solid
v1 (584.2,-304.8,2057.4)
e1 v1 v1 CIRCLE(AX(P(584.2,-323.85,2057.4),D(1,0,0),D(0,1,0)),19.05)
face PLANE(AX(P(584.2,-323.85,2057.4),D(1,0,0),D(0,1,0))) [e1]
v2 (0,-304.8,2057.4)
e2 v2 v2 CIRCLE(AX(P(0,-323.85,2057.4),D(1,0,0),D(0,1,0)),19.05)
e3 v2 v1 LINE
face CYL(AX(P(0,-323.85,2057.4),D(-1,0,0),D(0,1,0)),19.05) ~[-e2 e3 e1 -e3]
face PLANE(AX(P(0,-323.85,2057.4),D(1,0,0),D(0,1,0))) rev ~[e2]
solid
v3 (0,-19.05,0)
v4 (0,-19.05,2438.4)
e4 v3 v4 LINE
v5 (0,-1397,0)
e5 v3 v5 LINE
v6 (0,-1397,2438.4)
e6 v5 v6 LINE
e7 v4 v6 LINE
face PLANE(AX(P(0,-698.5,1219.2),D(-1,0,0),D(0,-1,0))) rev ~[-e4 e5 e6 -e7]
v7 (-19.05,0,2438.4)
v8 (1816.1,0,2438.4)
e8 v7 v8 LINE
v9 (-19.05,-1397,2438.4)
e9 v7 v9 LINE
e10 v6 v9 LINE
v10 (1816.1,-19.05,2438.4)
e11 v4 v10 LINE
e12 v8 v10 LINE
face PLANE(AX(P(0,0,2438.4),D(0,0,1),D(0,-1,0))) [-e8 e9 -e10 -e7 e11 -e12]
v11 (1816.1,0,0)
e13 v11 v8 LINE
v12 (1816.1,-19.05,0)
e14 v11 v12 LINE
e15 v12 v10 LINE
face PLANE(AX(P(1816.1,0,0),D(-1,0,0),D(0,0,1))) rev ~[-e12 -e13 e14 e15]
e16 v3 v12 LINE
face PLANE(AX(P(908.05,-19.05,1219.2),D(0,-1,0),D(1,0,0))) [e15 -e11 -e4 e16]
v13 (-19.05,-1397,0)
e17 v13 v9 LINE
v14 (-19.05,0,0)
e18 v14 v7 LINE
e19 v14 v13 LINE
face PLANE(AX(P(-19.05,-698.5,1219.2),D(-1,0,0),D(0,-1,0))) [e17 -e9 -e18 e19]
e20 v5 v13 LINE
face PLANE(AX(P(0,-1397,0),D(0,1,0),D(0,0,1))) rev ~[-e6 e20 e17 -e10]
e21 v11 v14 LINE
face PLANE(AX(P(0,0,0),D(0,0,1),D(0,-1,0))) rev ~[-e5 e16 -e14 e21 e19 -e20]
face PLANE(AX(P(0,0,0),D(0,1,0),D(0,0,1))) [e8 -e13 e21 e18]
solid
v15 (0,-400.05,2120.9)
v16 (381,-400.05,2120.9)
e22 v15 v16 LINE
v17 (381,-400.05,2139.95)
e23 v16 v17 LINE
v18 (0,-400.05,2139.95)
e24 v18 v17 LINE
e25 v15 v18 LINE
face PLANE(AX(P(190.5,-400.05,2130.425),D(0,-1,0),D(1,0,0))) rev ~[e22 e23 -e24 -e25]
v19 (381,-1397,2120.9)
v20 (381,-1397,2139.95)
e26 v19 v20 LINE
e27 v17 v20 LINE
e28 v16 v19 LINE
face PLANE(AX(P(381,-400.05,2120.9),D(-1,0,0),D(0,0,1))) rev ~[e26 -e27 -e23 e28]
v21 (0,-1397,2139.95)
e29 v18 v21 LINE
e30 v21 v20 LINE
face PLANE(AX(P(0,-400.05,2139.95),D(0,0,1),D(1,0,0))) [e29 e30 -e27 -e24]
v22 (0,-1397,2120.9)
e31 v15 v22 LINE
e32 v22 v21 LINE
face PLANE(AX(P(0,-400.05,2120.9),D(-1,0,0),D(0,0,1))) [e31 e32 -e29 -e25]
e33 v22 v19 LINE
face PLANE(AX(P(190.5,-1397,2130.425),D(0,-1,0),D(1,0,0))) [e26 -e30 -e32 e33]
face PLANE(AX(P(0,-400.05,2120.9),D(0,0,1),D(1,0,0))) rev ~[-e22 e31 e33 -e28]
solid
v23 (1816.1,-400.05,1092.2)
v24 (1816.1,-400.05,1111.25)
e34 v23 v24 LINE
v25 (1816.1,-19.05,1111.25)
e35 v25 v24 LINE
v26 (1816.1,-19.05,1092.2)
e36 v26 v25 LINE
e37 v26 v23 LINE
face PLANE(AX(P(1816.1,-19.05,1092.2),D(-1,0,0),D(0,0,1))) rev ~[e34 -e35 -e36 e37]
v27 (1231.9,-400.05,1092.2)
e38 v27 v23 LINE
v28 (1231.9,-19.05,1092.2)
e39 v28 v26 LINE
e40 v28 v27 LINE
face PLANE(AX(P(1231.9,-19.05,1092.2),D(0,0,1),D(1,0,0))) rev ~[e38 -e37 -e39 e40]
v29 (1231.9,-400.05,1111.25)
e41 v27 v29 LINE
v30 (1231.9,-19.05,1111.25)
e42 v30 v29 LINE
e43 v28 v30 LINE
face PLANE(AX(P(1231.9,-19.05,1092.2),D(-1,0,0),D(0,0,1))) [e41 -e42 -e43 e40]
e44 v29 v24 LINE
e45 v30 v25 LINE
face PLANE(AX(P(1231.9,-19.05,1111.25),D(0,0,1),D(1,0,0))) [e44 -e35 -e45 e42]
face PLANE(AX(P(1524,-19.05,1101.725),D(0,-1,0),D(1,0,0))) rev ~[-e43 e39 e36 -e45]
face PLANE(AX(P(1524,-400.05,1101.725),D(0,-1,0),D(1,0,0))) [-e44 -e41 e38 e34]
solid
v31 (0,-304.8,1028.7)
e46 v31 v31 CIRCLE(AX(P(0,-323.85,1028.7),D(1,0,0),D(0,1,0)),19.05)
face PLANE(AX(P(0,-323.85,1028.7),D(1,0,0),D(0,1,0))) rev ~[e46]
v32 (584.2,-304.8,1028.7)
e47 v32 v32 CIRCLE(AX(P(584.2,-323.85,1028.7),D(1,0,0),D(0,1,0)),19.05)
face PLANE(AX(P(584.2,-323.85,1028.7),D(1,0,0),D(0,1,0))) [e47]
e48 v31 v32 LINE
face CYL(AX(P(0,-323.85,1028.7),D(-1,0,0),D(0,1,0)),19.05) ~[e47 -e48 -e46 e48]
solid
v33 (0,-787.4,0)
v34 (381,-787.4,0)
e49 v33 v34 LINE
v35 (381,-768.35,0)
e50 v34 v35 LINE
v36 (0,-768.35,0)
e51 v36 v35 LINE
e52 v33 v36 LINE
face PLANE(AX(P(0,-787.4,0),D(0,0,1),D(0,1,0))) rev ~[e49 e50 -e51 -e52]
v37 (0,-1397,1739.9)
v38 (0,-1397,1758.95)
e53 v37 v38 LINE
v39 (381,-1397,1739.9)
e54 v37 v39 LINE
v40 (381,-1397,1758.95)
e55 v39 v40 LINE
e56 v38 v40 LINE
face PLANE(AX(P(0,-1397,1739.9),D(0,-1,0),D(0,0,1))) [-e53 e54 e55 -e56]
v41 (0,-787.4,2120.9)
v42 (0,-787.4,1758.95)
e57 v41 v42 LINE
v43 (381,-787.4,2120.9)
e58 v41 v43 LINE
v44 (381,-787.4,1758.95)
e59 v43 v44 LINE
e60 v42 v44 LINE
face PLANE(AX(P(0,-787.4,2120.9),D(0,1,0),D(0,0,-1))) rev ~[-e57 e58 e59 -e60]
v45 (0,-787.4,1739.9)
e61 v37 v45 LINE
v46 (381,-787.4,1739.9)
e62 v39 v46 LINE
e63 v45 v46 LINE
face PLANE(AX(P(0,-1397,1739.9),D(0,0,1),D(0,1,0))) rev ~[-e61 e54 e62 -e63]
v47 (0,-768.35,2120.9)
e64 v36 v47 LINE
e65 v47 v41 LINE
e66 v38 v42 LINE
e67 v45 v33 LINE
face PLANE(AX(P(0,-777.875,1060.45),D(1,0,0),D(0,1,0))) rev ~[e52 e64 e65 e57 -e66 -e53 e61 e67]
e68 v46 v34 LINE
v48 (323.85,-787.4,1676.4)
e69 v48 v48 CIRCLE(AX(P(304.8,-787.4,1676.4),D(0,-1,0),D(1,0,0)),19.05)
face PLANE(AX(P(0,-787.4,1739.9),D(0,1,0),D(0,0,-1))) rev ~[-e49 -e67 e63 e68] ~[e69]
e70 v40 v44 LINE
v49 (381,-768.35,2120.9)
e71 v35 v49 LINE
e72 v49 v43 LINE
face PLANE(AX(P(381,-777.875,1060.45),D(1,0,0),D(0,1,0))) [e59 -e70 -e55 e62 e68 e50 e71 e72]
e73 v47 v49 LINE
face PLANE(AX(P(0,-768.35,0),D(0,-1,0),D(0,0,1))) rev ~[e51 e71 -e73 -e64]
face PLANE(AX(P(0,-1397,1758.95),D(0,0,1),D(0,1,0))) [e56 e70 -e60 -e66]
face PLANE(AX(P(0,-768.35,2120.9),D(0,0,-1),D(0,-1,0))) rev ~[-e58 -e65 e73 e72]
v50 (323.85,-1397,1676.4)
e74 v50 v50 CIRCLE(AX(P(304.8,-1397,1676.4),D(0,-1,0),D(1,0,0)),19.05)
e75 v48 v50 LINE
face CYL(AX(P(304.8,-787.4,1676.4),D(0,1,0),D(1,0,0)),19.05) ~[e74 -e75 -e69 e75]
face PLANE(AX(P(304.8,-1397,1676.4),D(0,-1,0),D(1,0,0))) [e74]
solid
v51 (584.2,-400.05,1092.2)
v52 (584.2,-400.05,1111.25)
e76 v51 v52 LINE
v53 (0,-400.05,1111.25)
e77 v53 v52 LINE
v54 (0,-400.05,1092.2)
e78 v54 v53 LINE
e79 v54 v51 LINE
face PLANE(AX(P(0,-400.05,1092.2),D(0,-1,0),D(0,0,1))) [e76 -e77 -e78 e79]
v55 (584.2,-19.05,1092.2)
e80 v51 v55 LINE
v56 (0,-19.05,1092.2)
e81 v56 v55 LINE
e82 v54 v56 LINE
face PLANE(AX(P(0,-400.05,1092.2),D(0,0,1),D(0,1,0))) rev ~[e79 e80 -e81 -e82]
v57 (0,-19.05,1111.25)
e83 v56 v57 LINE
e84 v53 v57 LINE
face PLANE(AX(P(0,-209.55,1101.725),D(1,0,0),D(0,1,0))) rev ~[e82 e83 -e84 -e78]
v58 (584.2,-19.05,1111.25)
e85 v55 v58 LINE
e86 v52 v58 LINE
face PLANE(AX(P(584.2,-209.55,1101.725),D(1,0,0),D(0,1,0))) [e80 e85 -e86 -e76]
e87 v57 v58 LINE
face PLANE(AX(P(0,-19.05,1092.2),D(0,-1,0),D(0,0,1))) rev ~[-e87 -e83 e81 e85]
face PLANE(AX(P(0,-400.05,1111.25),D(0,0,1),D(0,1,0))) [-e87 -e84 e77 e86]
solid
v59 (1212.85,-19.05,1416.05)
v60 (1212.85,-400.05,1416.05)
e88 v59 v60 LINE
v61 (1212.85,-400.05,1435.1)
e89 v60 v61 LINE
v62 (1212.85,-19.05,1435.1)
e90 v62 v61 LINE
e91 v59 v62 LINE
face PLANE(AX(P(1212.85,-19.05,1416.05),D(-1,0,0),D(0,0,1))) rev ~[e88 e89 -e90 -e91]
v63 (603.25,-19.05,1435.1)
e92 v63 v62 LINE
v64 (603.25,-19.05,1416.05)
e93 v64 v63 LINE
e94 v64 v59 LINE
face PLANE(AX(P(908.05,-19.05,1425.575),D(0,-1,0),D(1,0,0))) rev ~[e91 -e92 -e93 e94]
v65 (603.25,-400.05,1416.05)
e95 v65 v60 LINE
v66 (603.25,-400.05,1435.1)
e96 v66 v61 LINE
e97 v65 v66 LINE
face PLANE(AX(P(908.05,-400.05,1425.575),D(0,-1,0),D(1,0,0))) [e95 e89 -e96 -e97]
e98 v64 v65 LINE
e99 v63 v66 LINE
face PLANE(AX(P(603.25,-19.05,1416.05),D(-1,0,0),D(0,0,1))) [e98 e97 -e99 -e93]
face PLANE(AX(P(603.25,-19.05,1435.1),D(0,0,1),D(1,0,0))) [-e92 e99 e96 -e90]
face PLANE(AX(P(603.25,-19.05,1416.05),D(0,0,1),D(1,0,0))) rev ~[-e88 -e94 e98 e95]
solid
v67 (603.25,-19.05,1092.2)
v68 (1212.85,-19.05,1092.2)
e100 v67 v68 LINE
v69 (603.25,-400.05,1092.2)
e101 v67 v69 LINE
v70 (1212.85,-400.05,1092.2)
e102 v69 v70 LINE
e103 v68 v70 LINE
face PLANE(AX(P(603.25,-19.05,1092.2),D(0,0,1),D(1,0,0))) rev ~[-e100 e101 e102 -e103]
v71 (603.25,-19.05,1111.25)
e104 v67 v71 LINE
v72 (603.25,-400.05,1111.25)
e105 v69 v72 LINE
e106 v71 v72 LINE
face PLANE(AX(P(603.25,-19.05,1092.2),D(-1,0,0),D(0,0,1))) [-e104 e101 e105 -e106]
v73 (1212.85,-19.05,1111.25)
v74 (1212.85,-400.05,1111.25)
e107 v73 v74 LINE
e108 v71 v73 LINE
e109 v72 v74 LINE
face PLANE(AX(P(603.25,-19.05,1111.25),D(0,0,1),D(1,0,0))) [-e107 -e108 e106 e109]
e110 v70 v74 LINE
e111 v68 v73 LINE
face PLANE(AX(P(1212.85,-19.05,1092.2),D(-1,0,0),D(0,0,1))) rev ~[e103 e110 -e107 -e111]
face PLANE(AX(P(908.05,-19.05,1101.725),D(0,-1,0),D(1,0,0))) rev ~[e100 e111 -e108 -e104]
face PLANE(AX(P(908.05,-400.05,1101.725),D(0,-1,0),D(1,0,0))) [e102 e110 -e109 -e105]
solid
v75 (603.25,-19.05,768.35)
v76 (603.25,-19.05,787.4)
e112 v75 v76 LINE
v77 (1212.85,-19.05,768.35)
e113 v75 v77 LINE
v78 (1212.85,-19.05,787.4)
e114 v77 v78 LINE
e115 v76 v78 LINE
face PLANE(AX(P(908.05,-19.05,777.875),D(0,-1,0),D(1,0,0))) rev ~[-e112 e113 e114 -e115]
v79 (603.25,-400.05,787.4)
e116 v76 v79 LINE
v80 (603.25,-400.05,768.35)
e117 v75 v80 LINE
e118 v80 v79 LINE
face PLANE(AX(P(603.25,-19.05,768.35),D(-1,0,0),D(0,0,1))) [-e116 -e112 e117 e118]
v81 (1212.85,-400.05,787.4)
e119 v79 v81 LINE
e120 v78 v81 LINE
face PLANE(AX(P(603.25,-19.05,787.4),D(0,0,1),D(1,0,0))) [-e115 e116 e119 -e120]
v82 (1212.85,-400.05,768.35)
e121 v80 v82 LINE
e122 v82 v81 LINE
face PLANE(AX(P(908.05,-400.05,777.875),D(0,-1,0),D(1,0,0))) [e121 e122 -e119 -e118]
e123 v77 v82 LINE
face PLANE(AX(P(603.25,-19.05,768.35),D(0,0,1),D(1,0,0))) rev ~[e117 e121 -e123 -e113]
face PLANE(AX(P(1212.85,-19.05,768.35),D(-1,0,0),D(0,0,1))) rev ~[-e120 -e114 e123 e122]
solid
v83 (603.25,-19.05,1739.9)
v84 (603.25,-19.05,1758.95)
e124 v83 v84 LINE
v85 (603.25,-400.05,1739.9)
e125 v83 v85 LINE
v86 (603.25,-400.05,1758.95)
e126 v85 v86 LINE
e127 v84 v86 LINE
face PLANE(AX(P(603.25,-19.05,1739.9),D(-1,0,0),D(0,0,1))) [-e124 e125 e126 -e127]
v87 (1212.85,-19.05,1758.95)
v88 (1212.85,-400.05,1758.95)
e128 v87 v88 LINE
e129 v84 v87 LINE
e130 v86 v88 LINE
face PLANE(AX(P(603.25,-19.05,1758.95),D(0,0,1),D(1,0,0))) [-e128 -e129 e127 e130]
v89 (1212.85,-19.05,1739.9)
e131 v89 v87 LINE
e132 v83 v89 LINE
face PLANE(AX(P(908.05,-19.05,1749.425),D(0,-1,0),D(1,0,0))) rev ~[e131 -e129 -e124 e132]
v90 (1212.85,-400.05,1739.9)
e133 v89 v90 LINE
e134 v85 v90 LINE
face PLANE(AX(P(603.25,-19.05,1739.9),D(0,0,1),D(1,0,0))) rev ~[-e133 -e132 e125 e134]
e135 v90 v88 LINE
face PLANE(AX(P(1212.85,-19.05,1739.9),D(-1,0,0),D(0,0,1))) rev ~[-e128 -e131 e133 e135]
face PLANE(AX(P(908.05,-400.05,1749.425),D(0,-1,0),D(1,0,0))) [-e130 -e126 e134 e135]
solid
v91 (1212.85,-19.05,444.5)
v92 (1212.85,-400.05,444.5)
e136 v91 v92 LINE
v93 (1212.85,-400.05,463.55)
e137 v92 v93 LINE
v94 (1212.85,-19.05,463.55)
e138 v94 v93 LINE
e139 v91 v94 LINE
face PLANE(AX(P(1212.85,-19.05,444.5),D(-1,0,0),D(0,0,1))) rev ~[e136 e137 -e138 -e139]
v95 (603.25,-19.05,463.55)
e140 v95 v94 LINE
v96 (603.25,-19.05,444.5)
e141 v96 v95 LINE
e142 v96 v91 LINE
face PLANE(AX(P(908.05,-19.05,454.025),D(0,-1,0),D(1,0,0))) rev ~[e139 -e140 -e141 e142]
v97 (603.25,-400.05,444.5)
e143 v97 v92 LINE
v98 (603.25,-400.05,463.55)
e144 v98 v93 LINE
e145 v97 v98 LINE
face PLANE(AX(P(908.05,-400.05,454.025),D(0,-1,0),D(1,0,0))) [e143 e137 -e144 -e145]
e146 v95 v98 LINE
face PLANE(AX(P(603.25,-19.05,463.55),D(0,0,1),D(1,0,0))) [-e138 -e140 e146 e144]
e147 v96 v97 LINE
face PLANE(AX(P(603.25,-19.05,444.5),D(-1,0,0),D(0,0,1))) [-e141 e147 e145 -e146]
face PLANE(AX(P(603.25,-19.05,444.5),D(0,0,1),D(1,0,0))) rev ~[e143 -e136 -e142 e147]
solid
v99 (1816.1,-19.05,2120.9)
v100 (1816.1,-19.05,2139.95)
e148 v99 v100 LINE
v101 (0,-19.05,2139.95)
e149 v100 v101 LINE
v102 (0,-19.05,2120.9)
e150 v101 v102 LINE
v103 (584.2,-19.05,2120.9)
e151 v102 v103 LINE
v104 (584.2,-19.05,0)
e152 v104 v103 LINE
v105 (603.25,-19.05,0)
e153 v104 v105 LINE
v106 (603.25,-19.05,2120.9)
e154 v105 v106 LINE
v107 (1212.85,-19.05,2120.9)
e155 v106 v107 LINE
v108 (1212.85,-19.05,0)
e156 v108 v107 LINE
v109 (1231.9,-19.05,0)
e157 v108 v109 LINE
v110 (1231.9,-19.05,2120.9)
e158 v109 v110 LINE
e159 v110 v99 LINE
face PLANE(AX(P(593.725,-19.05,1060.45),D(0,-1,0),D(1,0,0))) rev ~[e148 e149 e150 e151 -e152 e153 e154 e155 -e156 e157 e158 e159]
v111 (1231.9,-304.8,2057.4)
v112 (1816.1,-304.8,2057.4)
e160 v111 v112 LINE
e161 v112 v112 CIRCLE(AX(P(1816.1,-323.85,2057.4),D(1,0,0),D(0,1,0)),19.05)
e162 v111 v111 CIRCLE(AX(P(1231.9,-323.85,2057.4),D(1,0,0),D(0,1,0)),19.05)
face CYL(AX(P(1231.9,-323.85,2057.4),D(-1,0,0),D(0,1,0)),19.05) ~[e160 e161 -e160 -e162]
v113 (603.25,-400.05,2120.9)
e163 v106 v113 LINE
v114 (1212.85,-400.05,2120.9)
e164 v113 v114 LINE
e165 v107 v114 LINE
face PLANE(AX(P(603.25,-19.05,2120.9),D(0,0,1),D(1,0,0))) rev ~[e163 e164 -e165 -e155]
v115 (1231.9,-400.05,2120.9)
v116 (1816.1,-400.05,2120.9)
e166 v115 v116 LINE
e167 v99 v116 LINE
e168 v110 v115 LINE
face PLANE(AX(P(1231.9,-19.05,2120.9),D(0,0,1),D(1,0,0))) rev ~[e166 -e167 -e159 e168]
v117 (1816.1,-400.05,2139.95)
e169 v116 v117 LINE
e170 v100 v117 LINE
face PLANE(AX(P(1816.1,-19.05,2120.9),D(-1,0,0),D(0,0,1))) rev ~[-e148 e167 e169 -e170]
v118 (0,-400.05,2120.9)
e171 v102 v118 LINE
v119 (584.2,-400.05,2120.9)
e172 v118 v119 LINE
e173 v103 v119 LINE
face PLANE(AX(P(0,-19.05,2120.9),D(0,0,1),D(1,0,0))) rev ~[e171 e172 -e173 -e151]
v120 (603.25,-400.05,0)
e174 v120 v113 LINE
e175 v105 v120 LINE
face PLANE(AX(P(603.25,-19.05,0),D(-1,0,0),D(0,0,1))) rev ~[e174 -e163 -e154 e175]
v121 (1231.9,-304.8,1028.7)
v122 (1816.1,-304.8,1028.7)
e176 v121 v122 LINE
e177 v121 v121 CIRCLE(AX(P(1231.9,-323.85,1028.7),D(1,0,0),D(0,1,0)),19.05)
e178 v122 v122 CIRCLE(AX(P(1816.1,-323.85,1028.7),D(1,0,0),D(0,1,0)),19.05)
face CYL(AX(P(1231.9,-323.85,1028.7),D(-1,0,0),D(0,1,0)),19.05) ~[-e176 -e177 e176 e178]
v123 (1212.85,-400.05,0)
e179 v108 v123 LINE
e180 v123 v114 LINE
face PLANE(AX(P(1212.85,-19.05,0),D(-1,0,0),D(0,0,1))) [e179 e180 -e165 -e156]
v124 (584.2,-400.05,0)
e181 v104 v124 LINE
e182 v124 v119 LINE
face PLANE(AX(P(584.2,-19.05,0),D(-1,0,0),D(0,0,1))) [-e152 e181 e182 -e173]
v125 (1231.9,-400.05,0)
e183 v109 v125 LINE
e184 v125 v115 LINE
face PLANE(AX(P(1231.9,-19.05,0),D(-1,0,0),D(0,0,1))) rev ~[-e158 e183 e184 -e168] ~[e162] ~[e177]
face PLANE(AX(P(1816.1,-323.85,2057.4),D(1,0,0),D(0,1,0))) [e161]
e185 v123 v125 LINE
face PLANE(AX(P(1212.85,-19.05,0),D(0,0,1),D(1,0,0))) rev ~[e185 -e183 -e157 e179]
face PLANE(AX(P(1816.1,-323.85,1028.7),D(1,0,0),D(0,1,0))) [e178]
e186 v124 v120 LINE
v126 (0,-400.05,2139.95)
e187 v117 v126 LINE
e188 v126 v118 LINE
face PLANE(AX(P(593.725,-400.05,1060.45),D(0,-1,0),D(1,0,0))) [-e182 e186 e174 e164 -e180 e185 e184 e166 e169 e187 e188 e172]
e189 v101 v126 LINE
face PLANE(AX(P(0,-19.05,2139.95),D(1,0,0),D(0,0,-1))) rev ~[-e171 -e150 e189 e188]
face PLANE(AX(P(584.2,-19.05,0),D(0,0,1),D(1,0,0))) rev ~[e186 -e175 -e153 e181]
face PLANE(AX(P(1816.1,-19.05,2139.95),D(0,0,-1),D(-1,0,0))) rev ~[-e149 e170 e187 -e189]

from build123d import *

# Parameters (mm, degrees)
F0_W      = 1816.1
F0_H      = 2438.4
F1_DEPTH  = 19.05
F2_W      = 1397
F2_H      = 2438.4
F3_DEPTH  = 19.05
F4_R      = 19.05
F4_W      = 381
F4_H      = 19.05
F5_DEPTH  = 584.2
F6_W      = 19.05
F6_H      = 2120.9
F7_DEPTH  = 381
F8_W      = 609.6
F8_H      = 19.05
F8_W_2    = 584.2
F9_DEPTH  = 381
F10_W     = 381
F10_H     = 19.05
F11_DEPTH = 996.95
F12_W     = 609.6
F12_H     = 19.05
F13_DEPTH = 381
F14_R     = 19.05
F15_DEPTH = 609.6
F16_R     = 19.05
F17_DEPTH = 584.2


with BuildPart() as f1:
    # F0 (on Front) → F1 (new body)
    with BuildSketch(Plane.XZ):
        with Locations((908.05, 1219.2)):
            Rectangle(F0_W, F0_H)
    extrude(amount=F1_DEPTH)

    # F2 (on face) → F3 (join)
    with BuildSketch(Plane(origin=(0, 0, 0), x_dir=(0, -1, 0), z_dir=(-1, 0, 0))):
        with Locations((698.5, 1219.2)):
            Rectangle(F2_W, F2_H)
    extrude(amount=F3_DEPTH)


with BuildPart() as f5:
    # F4 (on face) → F5 (new body)
    with BuildSketch(Plane.YZ):
        with Locations((-323.85, 2057.4)):
            Circle(F4_R)
        with Locations((-323.85, 1028.7)):
            Circle(F4_R)
        with Locations((-209.55, 1101.725)):
            Rectangle(F4_W, F4_H)
    extrude(amount=F5_DEPTH)


with BuildPart() as f7:
    # F6 (on face) → F7 (new body)
    with BuildSketch(Plane.XZ.offset(19.05)):
        with Locations((593.725, 1060.45)):
            Rectangle(F6_W, F6_H)
        Polygon((0, 2120.9), (584.2, 2120.9), (603.25, 2120.9), (1212.85, 2120.9), (1231.9, 2120.9), (1816.1, 2120.9), (1816.1, 2139.95), (0, 2139.95), align=None)
        with Locations((1222.375, 1060.45)):
            Rectangle(F6_W, F6_H)
    extrude(amount=F7_DEPTH)

    # F16 (on face) → F17 (join, through all)
    with BuildSketch(Plane.YZ.offset(1231.9)):
        with Locations((-323.85, 2057.4)):
            Circle(F16_R)
        with Locations((-323.85, 1028.7)):
            Circle(F16_R)
    extrude(amount=F17_DEPTH)


with BuildPart() as f9:
    # F8 (on face) → F9 (new body)
    with BuildSketch(Plane.XZ.offset(19.05)):
        with Locations((908.05, 1101.725)):
            Rectangle(F8_W, F8_H)
        with Locations((908.05, 777.875)):
            Rectangle(F8_W, F8_H)
        with Locations((908.05, 1425.575)):
            Rectangle(F8_W, F8_H)
        with Locations((908.05, 1749.425)):
            Rectangle(F8_W, F8_H)
        with Locations((908.05, 454.025)):
            Rectangle(F8_W, F8_H)
        with Locations((1524, 1101.725)):
            Rectangle(F8_W_2, F8_H)
    extrude(amount=F9_DEPTH)


with BuildPart() as f11:
    # F10 (on face) → F11 (new body, through all)
    with BuildSketch(Plane.XZ.offset(400.05)):
        with Locations((190.5, 2130.425)):
            Rectangle(F10_W, F10_H)
    extrude(amount=F11_DEPTH)


with BuildPart() as f13:
    # F12 (on face) → F13 (new body)
    with BuildSketch(Plane.YZ):
        Polygon((-787.4, 1739.9), (-787.4, 0), (-768.35, 0), (-768.35, 2120.9), (-787.4, 2120.9), (-787.4, 1758.95), align=None)
        with Locations((-1092.2, 1749.425)):
            Rectangle(F12_W, F12_H)
    extrude(amount=F13_DEPTH)

    # F14 (on face) → F15 (join, through all)
    with BuildSketch(Plane.XZ.offset(787.4)):
        with Locations((304.8, 1676.4)):
            Circle(F14_R)
    extrude(amount=F15_DEPTH)


solid = Compound([f1.part, f5.part, f7.part, f9.part, f11.part, f13.part])
